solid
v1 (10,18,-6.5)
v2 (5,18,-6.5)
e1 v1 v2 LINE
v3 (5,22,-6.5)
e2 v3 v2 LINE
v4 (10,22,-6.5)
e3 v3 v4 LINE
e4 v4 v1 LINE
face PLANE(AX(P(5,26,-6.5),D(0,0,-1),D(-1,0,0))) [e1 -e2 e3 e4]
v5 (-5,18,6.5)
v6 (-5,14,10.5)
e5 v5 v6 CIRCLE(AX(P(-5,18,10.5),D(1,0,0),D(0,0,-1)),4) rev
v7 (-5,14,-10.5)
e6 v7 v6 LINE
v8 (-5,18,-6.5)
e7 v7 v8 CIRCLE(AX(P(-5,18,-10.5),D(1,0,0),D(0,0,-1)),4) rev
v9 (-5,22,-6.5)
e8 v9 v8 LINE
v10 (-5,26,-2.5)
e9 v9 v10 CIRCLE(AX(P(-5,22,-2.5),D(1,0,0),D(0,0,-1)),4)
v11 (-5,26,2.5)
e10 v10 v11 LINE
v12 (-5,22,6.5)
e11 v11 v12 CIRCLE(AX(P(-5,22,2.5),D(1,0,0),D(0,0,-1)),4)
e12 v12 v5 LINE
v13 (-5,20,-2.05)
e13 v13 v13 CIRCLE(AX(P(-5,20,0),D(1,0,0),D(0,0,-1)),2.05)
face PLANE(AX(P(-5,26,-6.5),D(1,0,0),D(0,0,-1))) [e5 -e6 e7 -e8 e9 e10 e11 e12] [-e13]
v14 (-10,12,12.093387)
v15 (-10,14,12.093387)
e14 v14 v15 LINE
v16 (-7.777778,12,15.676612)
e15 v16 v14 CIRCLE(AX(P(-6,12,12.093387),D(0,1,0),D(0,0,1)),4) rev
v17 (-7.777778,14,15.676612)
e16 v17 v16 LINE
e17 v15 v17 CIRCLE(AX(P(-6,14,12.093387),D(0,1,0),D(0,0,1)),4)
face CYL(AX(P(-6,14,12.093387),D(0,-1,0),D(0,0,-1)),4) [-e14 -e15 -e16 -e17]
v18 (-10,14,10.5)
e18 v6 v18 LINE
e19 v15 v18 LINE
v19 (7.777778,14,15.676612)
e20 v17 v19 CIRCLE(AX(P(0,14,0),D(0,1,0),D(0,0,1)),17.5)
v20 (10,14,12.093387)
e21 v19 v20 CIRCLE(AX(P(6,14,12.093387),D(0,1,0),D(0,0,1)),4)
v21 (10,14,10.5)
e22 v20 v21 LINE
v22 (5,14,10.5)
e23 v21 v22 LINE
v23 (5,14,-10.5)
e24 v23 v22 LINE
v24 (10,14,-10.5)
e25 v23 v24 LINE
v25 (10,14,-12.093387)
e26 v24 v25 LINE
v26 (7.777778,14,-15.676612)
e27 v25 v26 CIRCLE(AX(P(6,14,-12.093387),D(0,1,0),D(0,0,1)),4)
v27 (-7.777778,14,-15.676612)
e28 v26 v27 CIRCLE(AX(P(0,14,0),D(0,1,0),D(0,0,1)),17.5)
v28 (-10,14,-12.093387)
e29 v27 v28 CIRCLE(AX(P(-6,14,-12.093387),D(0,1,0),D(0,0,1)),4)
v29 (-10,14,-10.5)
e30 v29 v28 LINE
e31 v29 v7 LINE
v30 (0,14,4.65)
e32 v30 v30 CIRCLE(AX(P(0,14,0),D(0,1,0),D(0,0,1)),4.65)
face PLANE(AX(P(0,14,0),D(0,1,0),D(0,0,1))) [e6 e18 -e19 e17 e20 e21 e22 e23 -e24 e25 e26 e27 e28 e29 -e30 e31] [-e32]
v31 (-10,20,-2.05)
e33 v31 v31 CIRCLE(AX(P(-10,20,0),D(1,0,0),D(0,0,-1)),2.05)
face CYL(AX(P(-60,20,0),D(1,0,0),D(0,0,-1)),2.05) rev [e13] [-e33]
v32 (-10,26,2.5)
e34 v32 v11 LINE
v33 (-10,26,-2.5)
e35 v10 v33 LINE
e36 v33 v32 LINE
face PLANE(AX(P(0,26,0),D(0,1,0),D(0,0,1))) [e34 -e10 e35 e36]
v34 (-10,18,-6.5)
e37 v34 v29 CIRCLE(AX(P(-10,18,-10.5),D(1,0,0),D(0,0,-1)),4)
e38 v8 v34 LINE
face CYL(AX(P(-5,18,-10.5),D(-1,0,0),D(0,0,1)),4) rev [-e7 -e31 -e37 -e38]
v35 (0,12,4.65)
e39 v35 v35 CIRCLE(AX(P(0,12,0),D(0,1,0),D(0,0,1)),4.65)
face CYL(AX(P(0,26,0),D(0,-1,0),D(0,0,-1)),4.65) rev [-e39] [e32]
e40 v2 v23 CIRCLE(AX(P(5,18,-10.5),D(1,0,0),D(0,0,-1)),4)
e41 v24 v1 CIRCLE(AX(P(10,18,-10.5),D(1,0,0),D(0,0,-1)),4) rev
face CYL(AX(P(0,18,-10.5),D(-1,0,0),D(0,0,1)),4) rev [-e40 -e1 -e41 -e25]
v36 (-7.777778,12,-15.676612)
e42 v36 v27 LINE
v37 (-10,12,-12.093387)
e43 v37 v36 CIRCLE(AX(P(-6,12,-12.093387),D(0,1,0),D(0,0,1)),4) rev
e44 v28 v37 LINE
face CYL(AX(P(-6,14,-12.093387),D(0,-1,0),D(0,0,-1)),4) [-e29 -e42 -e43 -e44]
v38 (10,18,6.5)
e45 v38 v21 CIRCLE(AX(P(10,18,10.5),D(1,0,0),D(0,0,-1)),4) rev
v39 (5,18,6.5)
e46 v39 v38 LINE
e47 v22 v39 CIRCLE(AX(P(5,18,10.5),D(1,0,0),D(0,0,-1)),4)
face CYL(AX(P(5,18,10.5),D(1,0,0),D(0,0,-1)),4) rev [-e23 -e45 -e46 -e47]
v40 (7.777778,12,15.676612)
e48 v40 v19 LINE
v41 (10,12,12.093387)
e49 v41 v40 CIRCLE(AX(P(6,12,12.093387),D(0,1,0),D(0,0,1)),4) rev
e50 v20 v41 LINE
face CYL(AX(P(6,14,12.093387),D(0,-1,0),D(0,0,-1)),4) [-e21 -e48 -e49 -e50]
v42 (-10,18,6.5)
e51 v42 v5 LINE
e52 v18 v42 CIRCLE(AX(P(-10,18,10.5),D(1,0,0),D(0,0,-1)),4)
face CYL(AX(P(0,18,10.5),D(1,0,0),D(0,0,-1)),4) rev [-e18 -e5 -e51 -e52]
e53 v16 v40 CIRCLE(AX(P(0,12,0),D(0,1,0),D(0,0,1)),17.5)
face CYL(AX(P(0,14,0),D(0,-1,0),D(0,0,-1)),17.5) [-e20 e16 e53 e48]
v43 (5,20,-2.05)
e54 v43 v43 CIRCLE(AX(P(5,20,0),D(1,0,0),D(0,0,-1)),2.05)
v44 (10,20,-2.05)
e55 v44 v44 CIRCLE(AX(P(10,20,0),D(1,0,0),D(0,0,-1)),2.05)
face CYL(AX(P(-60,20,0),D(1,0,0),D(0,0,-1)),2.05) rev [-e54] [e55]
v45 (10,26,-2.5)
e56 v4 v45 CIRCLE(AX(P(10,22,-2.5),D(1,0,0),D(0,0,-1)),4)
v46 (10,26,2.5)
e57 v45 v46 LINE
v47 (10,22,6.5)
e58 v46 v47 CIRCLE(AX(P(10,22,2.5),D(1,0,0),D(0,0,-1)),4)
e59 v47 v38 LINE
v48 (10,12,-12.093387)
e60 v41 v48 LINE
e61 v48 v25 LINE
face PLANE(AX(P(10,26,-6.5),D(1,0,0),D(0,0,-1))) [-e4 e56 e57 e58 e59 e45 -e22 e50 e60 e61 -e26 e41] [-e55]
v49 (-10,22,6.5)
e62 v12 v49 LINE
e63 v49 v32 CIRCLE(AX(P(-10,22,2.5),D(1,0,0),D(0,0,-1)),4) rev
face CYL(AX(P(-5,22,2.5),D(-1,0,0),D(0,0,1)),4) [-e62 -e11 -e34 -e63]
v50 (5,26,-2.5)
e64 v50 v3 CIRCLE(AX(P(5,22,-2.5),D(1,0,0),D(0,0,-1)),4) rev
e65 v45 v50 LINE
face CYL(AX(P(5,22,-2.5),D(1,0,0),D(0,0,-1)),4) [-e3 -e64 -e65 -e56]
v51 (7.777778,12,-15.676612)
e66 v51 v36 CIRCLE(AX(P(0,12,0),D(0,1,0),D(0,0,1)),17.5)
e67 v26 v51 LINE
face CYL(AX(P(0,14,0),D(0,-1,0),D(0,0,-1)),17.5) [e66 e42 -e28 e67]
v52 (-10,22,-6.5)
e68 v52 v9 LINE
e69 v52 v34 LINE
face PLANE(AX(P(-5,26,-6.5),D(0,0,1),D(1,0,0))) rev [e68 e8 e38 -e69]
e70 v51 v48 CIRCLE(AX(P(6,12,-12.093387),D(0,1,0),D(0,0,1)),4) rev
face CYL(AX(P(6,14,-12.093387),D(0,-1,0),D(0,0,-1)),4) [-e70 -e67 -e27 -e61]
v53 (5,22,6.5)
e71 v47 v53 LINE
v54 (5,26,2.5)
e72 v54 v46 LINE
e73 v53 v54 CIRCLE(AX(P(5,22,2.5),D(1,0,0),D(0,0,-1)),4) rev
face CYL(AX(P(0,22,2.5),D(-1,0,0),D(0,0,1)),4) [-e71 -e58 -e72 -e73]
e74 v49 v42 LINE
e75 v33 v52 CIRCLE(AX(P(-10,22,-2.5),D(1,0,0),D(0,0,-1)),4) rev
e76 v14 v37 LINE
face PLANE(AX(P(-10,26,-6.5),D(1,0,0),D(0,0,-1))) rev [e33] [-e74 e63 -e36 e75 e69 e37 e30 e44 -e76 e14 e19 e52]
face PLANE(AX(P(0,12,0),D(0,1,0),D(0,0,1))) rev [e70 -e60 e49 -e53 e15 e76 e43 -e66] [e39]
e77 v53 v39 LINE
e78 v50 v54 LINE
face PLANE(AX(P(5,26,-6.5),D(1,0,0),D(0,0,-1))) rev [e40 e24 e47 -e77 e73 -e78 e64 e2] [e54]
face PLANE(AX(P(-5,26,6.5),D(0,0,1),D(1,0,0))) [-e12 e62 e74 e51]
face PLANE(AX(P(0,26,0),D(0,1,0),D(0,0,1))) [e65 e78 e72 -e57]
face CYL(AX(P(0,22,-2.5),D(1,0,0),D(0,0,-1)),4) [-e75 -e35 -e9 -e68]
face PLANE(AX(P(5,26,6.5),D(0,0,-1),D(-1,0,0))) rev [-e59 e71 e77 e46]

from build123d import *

# Parameters (mm, degrees)
SKETCH1_R           = 4.65
BOSS_EXTRUDE1_DEPTH = 12
SKETCH2_R           = 17.5
BOSS_EXTRUDE2_DEPTH = 2
SKETCH3_W           = 5
SKETCH3_H           = 13
BOSS_EXTRUDE3_DEPTH = 12
FILLET1_R           = 4
FILLET2_R           = 4
CUT_EXTRUDE1_DEPTH  = 29.434134416
SKETCH5_R           = 2.05
CUT_EXTRUDE2_DEPTH  = 70
FILLET3_R           = 4
SKETCH6_R           = 4.65
CUT_EXTRUDE3_DEPTH  = 33.897568299


with BuildPart() as part:
    # Sketch1 → Boss-Extrude1 (new body)
    with BuildSketch(Plane(origin=(0, 0, 0), x_dir=(1, 0, 0), z_dir=(0, 1, 0))):
        with Locations(Location((0, 0, 0), (0, 0, 270))):
            Circle(SKETCH1_R)
    extrude(amount=BOSS_EXTRUDE1_DEPTH)

    # Sketch2 → Boss-Extrude2 (add)
    with BuildSketch(Plane(origin=(0, 12, 0), x_dir=(1, 0, 0), z_dir=(0, 1, 0))):
        with Locations(Location((0, 0, 0), (0, 0, 270))):
            Circle(SKETCH2_R)
    extrude(amount=BOSS_EXTRUDE2_DEPTH)

    # Sketch3 → Boss-Extrude3 (add)
    with BuildSketch(Plane(origin=(0, 14, 0), x_dir=(1, 0, 0), z_dir=(0, 1, 0))):
        with Locations((7.5, 0)):
            Rectangle(SKETCH3_W, SKETCH3_H)
    boss_extrude3 = extrude(amount=BOSS_EXTRUDE3_DEPTH)

    # Mirror1: Boss-Extrude3 across plane
    add(boss_extrude3.mirror(Plane(origin=(0, 0, 0), x_dir=(0, 0, 1), z_dir=(1, 0, 0))))

    # Fillet1
    fillet1_edges = [part.edges().sort_by_distance(p)[0] for p in [
        (7.5, 26, -6.5),
        (7.5, 26, 6.5),
        (-7.5, 26, 6.5),
        (-7.5, 26, -6.5),
    ]]
    fillet(fillet1_edges, radius=FILLET1_R)

    # Fillet2
    fillet2_edges = [part.edges().sort_by_distance(p)[0] for p in [
        (7.5, 14, 6.5),
        (7.5, 14, -6.5),
        (-7.5, 14, -6.5),
        (-7.5, 14, 6.5),
    ]]
    fillet(fillet2_edges, radius=FILLET2_R)

    # Sketch4 → Cut-Extrude1 (cut, through all)
    with BuildSketch(Plane(origin=(0, 14, 0), x_dir=(1, 0, 0), z_dir=(0, 1, 0))):
        with BuildLine():
            Line((10, 14.361406616), (10, 0))
            Line((10, 0), (10, -14.361406616))
            ThreePointArc((10, -14.361406616), (15.512092057, -8.100925873), (17.5, 0))
            ThreePointArc((17.5, 0), (15.512092057, 8.100925873), (10, 14.361406616))
        make_face()
    cut_extrude1 = extrude(amount=-CUT_EXTRUDE1_DEPTH, mode=Mode.SUBTRACT)

    # Mirror2: Cut-Extrude1 across plane
    add(cut_extrude1.mirror(Plane(origin=(0, 0, 0), x_dir=(0, 0, 1), z_dir=(1, 0, 0))), mode=Mode.SUBTRACT)

    # Sketch5 → Cut-Extrude2 (cut)
    with BuildSketch(Plane(origin=(10, 0, 0), x_dir=(0, 0, -1), z_dir=(1, 0, 0))):
        with Locations((0, 20)):
            Circle(SKETCH5_R)
    extrude(amount=-CUT_EXTRUDE2_DEPTH, mode=Mode.SUBTRACT)

    # Fillet3
    fillet3_edges = [part.edges().sort_by_distance(p)[0] for p in [
        (10, 13, -14.361406616),
        (10, 13, 14.361406616),
        (-10, 13, 14.361406616),
        (-10, 13, -14.361406616),
    ]]
    fillet(fillet3_edges, radius=FILLET3_R)

    # Sketch6 → Cut-Extrude3 (cut, through all)
    with BuildSketch(Plane.XZ):
        with Locations(Location((0, 0, 0), (0, 0, 90))):
            Circle(SKETCH6_R)
    extrude(amount=-CUT_EXTRUDE3_DEPTH, mode=Mode.SUBTRACT)


solid = part.part
